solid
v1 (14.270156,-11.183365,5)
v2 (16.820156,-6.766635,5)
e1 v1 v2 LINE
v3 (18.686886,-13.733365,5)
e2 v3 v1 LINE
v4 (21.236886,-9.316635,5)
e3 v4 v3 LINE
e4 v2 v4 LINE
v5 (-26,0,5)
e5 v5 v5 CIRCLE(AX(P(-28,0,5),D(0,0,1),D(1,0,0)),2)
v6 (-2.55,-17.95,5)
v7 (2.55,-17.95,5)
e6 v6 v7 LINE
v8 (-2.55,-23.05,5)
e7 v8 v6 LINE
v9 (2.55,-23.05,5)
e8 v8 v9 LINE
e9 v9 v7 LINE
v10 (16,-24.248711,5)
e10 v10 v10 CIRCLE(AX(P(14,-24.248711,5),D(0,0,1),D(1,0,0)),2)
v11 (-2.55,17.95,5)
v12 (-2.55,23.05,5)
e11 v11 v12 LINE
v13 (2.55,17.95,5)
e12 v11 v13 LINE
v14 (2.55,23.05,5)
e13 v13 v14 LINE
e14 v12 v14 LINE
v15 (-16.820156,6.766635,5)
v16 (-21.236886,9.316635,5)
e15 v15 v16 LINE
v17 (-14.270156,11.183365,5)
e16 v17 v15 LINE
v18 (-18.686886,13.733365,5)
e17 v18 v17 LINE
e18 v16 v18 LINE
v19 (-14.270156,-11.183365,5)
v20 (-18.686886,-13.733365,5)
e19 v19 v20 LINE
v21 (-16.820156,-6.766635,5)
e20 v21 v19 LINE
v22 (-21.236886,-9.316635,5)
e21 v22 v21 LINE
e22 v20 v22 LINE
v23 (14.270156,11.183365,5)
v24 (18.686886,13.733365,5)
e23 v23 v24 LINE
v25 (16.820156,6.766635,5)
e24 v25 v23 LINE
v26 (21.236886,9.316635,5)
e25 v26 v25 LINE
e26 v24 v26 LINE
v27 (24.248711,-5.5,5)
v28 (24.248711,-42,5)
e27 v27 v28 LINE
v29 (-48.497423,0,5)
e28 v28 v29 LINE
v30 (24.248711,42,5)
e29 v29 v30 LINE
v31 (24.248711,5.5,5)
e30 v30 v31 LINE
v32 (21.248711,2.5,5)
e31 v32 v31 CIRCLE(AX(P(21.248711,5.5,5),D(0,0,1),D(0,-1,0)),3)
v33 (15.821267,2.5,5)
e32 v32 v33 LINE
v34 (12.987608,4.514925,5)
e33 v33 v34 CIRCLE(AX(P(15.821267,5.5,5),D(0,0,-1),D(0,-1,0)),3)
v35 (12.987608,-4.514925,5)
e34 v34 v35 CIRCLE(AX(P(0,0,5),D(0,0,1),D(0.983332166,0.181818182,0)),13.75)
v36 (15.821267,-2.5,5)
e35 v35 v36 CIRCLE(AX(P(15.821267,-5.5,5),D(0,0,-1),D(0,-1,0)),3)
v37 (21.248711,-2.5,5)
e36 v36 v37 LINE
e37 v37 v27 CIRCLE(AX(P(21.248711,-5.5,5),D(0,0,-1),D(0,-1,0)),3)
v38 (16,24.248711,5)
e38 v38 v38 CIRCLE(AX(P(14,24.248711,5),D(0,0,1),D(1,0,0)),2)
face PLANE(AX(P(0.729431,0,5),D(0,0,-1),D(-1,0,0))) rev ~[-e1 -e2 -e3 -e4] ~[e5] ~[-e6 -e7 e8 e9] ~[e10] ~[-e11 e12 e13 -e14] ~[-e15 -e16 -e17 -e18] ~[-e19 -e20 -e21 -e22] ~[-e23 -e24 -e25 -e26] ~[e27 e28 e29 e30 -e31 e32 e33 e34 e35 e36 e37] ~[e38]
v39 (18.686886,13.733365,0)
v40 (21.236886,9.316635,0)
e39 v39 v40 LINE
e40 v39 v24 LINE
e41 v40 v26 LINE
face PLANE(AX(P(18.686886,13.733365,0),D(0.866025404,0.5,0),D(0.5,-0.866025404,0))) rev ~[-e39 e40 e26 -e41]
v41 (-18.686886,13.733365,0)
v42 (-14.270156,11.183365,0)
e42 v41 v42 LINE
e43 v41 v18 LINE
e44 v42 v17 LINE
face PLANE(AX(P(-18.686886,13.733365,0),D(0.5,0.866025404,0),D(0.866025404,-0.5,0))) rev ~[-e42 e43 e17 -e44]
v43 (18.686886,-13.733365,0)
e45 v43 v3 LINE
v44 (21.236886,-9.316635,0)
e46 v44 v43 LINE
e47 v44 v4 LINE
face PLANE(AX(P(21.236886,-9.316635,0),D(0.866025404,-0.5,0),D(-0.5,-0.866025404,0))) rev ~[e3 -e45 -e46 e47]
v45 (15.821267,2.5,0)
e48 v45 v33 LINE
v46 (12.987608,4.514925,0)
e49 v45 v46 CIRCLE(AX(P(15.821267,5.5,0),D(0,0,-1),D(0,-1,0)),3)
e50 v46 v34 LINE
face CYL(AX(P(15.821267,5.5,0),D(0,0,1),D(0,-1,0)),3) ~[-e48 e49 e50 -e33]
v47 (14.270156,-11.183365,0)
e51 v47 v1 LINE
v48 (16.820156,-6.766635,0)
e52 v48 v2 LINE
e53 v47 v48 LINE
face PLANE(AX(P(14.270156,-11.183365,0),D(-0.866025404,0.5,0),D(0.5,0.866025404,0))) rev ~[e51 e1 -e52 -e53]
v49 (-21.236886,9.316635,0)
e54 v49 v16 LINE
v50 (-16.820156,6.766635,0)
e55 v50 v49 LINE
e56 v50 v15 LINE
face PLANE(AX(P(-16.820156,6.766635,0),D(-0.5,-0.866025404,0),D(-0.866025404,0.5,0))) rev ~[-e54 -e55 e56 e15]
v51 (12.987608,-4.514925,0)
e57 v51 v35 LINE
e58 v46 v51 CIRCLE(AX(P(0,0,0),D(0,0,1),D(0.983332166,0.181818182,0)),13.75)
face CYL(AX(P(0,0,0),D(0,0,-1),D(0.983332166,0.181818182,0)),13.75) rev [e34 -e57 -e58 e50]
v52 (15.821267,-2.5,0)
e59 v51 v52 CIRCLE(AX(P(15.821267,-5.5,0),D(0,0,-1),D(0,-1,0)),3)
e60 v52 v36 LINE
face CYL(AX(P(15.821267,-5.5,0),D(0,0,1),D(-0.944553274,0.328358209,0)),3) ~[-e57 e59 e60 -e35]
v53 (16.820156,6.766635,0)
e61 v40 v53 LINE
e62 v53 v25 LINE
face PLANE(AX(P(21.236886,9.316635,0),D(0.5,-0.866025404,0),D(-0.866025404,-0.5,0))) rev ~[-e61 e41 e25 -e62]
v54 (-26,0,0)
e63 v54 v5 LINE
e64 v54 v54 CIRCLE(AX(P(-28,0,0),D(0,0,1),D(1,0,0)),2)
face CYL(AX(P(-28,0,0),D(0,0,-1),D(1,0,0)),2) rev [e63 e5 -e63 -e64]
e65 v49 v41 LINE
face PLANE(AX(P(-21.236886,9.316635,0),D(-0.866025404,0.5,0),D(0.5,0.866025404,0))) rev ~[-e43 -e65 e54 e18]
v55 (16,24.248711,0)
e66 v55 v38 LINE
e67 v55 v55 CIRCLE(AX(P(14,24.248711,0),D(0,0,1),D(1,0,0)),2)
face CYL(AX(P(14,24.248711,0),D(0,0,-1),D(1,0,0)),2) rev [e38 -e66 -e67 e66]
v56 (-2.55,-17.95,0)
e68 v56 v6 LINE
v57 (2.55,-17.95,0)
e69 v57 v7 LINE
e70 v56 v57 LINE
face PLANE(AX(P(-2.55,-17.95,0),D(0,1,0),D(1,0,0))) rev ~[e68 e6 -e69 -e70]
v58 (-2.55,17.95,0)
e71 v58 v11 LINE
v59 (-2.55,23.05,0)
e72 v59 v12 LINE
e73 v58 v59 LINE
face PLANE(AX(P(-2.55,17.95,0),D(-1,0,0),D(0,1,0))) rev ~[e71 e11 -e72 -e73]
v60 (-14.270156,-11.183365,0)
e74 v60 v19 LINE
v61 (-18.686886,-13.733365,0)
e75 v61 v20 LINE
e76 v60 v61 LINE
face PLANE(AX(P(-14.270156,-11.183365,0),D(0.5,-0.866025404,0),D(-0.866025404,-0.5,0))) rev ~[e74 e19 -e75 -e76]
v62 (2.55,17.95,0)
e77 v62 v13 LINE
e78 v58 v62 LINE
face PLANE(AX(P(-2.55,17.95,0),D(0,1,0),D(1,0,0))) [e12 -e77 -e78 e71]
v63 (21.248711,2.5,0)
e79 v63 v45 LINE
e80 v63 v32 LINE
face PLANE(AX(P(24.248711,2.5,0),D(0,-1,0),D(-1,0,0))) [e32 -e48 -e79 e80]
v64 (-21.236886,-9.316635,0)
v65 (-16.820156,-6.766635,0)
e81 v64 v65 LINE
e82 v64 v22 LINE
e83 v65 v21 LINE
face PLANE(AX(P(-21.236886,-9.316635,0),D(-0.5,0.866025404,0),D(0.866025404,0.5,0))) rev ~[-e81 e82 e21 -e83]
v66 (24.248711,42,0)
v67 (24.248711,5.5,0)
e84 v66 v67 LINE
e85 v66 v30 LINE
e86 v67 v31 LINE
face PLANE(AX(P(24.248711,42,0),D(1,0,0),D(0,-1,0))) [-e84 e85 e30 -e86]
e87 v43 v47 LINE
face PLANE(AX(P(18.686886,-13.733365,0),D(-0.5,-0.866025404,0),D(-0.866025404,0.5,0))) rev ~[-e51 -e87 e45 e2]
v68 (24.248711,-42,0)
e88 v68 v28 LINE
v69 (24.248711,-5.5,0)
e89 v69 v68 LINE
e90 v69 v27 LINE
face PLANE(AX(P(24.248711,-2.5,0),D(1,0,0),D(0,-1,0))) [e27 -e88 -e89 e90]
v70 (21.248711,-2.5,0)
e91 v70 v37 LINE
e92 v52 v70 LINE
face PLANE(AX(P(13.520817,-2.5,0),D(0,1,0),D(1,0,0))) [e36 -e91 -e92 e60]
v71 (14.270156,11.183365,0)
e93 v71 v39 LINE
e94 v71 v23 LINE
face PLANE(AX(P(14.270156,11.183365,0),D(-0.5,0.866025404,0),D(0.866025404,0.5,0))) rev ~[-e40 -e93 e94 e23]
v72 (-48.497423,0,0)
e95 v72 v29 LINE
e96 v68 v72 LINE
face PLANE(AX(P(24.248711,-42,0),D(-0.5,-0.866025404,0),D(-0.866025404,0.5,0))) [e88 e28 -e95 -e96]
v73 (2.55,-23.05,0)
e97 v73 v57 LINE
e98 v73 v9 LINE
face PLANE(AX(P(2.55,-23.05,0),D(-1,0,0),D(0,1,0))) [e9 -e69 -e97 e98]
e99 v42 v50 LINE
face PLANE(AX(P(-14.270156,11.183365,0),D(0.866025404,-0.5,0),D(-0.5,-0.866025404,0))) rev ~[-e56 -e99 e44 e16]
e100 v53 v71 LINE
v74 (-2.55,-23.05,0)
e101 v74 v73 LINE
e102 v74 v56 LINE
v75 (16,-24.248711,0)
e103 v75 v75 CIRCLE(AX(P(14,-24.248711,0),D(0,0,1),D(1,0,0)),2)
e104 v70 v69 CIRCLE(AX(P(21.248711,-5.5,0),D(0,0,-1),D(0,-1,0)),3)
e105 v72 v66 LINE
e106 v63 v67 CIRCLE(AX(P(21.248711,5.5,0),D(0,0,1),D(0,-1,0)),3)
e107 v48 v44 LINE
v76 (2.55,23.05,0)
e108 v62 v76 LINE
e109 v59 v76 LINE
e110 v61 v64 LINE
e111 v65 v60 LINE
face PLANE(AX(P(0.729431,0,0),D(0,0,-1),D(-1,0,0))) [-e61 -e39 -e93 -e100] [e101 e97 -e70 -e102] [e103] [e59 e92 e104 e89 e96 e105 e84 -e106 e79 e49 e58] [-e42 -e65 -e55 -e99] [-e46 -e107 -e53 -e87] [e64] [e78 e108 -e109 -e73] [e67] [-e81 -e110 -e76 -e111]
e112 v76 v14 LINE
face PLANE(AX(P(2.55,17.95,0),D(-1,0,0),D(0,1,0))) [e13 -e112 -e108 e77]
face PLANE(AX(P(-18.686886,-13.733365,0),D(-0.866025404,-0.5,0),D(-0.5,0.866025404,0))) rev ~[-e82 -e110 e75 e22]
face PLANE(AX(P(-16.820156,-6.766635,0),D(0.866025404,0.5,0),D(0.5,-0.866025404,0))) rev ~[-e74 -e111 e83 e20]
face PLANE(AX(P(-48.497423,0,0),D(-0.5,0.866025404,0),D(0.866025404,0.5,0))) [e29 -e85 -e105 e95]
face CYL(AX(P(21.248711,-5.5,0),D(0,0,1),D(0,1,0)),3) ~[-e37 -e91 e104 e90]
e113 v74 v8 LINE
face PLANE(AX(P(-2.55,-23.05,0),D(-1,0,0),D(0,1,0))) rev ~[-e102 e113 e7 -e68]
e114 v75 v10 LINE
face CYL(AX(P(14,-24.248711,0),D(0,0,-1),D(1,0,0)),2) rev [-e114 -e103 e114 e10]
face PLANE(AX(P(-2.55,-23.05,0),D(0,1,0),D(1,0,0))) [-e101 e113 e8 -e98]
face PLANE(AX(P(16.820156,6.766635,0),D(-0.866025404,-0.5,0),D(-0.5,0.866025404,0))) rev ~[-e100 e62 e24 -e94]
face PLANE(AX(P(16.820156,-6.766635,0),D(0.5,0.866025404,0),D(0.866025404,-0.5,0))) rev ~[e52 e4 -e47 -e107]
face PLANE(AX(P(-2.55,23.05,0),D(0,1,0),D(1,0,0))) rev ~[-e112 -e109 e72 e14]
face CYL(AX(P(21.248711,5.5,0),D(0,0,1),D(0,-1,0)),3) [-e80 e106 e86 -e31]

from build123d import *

# Parameters (mm, degrees)
SKETCH1_R           = 2
SKETCH1_W           = 5.1
SKETCH1_H           = 5.1
BOSS_EXTRUDE1_DEPTH = 5
CONG_2_R            = 3


with BuildPart() as part:
    # Sketch1 → Boss-Extrude1 (new body)
    with BuildSketch(Plane.XY):
        with BuildLine():
            Line((24.248711306, 2.5), (13.520817283, 2.5))
            ThreePointArc((13.520817283, 2.5), (-13.75, 0), (13.520817283, -2.5))
            Line((13.520817283, -2.5), (24.248711306, -2.5))
            Line((24.248711306, -2.5), (24.248711306, -42))
            Line((24.248711306, -42), (-48.497422612, 0))
            Line((-48.497422612, 0), (24.248711306, 42))
            Line((24.248711306, 42), (24.248711306, 2.5))
        make_face()
        with Locations((14, 24.248711306)):
            Circle(SKETCH1_R, mode=Mode.SUBTRACT)
        with Locations((14, -24.248711306)):
            Circle(SKETCH1_R, mode=Mode.SUBTRACT)
        with Locations((-28, 0)):
            Circle(SKETCH1_R, mode=Mode.SUBTRACT)
        with Locations((0, 20.5)):
            Rectangle(SKETCH1_W, SKETCH1_H, mode=Mode.SUBTRACT)
        Polygon((21.236885557, 9.31663522), (16.820155998, 6.76663522), (14.270155998, 11.18336478), (18.686885557, 13.73336478), align=None, mode=Mode.SUBTRACT)
        Polygon((18.686885557, -13.73336478), (14.270155998, -11.18336478), (16.820155998, -6.76663522), (21.236885557, -9.31663522), align=None, mode=Mode.SUBTRACT)
        with Locations((0, -20.5)):
            Rectangle(SKETCH1_W, SKETCH1_H, mode=Mode.SUBTRACT)
        Polygon((-21.236885557, -9.31663522), (-16.820155998, -6.76663522), (-14.270155998, -11.18336478), (-18.686885557, -13.73336478), align=None, mode=Mode.SUBTRACT)
        Polygon((-18.686885557, 13.73336478), (-14.270155998, 11.18336478), (-16.820155998, 6.76663522), (-21.236885557, 9.31663522), align=None, mode=Mode.SUBTRACT)
    extrude(amount=BOSS_EXTRUDE1_DEPTH)

    # Congé2
    cong_2_edges = [part.edges().sort_by_distance(p)[0] for p in [
        (24.248711306, 2.5, 2.5),
        (13.520817283, 2.5, 2.5),
        (13.520817283, -2.5, 2.5),
        (24.248711306, -2.5, 2.5),
    ]]
    fillet(cong_2_edges, radius=CONG_2_R)


solid = part.part
